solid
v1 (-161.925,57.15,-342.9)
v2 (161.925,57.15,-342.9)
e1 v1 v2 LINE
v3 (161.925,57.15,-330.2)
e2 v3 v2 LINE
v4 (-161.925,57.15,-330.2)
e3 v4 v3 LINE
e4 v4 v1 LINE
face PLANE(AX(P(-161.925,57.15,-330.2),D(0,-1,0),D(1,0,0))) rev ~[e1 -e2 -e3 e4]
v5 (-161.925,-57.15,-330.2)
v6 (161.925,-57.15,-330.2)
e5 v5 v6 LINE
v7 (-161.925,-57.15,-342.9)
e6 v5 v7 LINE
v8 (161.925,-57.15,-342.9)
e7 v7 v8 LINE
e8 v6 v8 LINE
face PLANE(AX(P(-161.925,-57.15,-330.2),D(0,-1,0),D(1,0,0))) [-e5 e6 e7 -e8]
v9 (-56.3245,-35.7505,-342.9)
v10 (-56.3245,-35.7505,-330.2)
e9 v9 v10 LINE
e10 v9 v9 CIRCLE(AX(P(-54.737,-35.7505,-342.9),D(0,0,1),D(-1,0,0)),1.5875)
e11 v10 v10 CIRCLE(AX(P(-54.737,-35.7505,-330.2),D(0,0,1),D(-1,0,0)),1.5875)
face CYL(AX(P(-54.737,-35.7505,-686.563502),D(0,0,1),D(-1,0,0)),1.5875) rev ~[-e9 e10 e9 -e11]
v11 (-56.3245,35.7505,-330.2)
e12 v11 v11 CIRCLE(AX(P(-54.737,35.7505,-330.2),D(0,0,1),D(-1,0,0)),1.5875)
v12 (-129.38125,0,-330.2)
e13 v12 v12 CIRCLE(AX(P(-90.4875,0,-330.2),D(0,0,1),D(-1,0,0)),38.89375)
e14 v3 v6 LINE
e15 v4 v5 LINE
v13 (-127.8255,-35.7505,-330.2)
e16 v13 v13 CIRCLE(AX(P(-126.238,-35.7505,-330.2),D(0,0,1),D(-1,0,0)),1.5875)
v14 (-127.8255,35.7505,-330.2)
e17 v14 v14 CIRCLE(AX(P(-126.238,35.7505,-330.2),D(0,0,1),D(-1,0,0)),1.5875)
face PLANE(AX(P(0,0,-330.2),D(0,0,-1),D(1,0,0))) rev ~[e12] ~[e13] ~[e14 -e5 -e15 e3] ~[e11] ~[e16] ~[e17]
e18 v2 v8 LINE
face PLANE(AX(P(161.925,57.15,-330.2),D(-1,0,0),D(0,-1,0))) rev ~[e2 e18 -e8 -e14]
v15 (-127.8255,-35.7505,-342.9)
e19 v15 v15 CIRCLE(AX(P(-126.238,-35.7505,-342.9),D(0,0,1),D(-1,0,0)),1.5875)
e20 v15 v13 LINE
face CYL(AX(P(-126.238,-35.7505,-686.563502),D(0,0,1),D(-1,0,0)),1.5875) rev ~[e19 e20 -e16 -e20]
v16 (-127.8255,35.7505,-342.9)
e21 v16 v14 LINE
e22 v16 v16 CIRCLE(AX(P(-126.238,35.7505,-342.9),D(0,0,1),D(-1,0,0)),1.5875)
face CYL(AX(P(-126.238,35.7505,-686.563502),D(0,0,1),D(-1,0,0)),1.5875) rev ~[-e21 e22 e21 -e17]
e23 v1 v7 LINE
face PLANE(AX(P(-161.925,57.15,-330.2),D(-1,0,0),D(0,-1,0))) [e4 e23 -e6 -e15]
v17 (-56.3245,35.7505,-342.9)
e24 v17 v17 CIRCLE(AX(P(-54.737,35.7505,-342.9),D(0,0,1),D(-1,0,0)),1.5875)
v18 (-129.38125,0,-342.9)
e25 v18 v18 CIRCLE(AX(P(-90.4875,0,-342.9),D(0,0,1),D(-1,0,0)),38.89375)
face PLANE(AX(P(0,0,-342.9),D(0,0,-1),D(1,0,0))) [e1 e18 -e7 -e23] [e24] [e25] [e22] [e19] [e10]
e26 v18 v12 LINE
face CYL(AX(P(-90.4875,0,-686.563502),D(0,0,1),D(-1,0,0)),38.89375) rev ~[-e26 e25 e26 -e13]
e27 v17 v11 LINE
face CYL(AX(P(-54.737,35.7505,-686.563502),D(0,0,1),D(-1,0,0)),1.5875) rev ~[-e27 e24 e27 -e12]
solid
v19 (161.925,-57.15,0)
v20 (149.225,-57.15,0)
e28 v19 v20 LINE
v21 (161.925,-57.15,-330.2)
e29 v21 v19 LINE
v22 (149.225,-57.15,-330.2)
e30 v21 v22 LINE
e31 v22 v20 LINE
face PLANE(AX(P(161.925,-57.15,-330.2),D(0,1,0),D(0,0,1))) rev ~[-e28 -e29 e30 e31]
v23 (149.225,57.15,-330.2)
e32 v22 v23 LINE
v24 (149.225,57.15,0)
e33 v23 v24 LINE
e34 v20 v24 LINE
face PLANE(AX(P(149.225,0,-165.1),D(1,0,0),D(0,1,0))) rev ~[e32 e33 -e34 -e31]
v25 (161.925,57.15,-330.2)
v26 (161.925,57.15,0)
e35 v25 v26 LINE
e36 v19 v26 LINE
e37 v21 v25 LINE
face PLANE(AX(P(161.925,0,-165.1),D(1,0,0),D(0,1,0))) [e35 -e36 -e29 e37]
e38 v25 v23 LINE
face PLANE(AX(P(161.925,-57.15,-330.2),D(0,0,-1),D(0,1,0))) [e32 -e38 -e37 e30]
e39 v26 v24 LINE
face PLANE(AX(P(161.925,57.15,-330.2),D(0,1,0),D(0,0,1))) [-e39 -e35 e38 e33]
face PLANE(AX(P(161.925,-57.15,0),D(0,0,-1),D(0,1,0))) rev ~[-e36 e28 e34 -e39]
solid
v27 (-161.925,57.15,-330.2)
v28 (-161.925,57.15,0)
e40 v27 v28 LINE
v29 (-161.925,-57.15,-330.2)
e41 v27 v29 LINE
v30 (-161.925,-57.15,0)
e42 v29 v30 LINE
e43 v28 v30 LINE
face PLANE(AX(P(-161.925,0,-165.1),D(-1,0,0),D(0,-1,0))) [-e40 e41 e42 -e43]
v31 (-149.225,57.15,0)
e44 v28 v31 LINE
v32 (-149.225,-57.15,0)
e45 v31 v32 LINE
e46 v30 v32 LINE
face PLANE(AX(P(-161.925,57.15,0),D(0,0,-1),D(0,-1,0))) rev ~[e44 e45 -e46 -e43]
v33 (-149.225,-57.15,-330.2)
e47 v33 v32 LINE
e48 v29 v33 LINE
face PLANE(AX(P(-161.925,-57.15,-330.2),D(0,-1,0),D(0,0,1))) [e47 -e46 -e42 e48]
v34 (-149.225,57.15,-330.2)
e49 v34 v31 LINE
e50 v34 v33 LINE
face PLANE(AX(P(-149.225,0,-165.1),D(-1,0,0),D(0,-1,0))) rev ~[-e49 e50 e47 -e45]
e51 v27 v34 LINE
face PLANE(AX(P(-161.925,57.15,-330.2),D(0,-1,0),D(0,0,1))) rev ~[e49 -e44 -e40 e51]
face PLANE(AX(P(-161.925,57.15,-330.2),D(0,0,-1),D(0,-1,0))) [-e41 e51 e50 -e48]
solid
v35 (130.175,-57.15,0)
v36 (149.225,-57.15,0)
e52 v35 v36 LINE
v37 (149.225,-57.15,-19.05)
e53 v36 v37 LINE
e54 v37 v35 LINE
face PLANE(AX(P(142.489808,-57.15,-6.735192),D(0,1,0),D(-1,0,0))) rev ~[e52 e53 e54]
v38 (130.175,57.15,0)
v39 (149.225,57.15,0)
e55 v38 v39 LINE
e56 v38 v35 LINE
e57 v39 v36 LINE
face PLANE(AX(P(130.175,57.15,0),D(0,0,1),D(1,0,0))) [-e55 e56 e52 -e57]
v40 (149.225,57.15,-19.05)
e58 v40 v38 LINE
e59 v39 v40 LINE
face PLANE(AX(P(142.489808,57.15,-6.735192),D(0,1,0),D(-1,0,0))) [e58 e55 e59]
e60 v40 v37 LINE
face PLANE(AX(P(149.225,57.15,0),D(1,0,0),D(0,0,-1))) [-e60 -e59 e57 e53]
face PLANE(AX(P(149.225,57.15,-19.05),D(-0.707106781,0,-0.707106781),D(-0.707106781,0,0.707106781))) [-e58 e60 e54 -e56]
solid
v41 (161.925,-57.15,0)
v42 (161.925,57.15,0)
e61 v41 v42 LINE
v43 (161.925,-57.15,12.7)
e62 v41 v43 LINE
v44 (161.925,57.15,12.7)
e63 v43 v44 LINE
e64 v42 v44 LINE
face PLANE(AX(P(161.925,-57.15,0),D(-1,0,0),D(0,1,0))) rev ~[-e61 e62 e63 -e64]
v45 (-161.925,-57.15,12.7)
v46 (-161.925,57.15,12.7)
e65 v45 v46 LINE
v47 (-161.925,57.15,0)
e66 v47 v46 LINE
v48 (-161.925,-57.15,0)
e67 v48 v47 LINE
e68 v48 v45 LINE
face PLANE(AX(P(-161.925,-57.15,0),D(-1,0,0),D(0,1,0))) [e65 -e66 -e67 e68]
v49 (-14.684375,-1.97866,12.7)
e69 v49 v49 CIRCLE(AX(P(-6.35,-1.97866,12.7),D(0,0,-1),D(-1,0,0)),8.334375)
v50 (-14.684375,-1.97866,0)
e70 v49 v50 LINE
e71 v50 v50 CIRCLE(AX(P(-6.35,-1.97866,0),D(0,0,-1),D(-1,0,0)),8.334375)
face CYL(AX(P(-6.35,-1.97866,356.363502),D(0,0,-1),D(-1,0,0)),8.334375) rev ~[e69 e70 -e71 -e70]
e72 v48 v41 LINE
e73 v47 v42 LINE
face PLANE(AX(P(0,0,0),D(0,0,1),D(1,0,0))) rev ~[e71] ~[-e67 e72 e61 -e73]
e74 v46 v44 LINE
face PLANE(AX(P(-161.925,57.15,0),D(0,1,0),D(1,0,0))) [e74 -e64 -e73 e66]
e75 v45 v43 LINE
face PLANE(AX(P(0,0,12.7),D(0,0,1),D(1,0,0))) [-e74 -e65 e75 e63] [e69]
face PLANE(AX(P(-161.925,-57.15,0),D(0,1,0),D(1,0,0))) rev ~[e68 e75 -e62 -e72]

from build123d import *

# Parameters (mm, degrees)
F0_W     = 323.85
F0_H     = 114.3
F1_DEPTH = 12.7
F2_W     = 114.3
F2_H     = 330.2
F3_DEPTH = 12.7
F4_W     = 114.3
F4_H     = 330.2
F5_DEPTH = 12.7
F7_DEPTH = 114.3
F8_W     = 323.85
F8_H     = 114.3
F9_DEPTH = 12.7
F11_D    = 16.66875
F13_D    = 77.7875
F15_D    = 3.175


with BuildPart() as f1:
    # F0 (on Top) → F1 (new body)
    with BuildSketch(Plane.XY):
        Rectangle(F0_W, F0_H)
    extrude(amount=F1_DEPTH)

    # F11 (through all)
    with Locations(Plane.XY.offset(12.7)):
        with Locations((-6.35, -1.97866)):
            Hole(F11_D / 2)


with BuildPart() as f3:
    # F2 (on face) → F3 (new body)
    with BuildSketch(Plane.YZ.offset(161.925)):
        with Locations((0, -165.1)):
            Rectangle(F2_W, F2_H)
    extrude(amount=-F3_DEPTH)


with BuildPart() as f5:
    # F4 (on face) → F5 (new body)
    with BuildSketch(Plane(origin=(-161.925, 0, 0), x_dir=(0, -1, 0), z_dir=(-1, 0, 0))):
        with Locations((0, -165.1)):
            Rectangle(F4_W, F4_H)
    extrude(amount=-F5_DEPTH)


with BuildPart() as f7:
    # F6 (on face) → F7 (new body, through all)
    with BuildSketch(Plane(origin=(0, 57.15, 0), x_dir=(-1, 0, 0), z_dir=(0, 1, 0))):
        Polygon((-130.175, 0), (-149.225, 0), (-149.225, -19.05), align=None)
    extrude(amount=-F7_DEPTH)


with BuildPart() as f9:
    # F8 (on face) → F9 (new body)
    with BuildSketch(Plane(origin=(0, 0, -330.2), x_dir=(1, 0, 0), z_dir=(0, 0, -1))):
        Rectangle(F8_W, F8_H)
    extrude(amount=F9_DEPTH)

    # F13 (through all)
    with Locations(Plane(origin=(0, 0, -342.9), x_dir=(1, 0, 0), z_dir=(0, 0, -1))):
        with Locations((-90.4875, 0)):
            Hole(F13_D / 2)

    # F15 (through all)
    with Locations(Plane(origin=(0, 0, -342.9), x_dir=(1, 0, 0), z_dir=(0, 0, -1))):
        with Locations((-54.737, 35.7505), (-126.238, 35.7505), (-126.238, -35.7505), (-54.737, -35.7505)):
            Hole(F15_D / 2)


solid = Compound([f1.part, f3.part, f5.part, f7.part, f9.part])
